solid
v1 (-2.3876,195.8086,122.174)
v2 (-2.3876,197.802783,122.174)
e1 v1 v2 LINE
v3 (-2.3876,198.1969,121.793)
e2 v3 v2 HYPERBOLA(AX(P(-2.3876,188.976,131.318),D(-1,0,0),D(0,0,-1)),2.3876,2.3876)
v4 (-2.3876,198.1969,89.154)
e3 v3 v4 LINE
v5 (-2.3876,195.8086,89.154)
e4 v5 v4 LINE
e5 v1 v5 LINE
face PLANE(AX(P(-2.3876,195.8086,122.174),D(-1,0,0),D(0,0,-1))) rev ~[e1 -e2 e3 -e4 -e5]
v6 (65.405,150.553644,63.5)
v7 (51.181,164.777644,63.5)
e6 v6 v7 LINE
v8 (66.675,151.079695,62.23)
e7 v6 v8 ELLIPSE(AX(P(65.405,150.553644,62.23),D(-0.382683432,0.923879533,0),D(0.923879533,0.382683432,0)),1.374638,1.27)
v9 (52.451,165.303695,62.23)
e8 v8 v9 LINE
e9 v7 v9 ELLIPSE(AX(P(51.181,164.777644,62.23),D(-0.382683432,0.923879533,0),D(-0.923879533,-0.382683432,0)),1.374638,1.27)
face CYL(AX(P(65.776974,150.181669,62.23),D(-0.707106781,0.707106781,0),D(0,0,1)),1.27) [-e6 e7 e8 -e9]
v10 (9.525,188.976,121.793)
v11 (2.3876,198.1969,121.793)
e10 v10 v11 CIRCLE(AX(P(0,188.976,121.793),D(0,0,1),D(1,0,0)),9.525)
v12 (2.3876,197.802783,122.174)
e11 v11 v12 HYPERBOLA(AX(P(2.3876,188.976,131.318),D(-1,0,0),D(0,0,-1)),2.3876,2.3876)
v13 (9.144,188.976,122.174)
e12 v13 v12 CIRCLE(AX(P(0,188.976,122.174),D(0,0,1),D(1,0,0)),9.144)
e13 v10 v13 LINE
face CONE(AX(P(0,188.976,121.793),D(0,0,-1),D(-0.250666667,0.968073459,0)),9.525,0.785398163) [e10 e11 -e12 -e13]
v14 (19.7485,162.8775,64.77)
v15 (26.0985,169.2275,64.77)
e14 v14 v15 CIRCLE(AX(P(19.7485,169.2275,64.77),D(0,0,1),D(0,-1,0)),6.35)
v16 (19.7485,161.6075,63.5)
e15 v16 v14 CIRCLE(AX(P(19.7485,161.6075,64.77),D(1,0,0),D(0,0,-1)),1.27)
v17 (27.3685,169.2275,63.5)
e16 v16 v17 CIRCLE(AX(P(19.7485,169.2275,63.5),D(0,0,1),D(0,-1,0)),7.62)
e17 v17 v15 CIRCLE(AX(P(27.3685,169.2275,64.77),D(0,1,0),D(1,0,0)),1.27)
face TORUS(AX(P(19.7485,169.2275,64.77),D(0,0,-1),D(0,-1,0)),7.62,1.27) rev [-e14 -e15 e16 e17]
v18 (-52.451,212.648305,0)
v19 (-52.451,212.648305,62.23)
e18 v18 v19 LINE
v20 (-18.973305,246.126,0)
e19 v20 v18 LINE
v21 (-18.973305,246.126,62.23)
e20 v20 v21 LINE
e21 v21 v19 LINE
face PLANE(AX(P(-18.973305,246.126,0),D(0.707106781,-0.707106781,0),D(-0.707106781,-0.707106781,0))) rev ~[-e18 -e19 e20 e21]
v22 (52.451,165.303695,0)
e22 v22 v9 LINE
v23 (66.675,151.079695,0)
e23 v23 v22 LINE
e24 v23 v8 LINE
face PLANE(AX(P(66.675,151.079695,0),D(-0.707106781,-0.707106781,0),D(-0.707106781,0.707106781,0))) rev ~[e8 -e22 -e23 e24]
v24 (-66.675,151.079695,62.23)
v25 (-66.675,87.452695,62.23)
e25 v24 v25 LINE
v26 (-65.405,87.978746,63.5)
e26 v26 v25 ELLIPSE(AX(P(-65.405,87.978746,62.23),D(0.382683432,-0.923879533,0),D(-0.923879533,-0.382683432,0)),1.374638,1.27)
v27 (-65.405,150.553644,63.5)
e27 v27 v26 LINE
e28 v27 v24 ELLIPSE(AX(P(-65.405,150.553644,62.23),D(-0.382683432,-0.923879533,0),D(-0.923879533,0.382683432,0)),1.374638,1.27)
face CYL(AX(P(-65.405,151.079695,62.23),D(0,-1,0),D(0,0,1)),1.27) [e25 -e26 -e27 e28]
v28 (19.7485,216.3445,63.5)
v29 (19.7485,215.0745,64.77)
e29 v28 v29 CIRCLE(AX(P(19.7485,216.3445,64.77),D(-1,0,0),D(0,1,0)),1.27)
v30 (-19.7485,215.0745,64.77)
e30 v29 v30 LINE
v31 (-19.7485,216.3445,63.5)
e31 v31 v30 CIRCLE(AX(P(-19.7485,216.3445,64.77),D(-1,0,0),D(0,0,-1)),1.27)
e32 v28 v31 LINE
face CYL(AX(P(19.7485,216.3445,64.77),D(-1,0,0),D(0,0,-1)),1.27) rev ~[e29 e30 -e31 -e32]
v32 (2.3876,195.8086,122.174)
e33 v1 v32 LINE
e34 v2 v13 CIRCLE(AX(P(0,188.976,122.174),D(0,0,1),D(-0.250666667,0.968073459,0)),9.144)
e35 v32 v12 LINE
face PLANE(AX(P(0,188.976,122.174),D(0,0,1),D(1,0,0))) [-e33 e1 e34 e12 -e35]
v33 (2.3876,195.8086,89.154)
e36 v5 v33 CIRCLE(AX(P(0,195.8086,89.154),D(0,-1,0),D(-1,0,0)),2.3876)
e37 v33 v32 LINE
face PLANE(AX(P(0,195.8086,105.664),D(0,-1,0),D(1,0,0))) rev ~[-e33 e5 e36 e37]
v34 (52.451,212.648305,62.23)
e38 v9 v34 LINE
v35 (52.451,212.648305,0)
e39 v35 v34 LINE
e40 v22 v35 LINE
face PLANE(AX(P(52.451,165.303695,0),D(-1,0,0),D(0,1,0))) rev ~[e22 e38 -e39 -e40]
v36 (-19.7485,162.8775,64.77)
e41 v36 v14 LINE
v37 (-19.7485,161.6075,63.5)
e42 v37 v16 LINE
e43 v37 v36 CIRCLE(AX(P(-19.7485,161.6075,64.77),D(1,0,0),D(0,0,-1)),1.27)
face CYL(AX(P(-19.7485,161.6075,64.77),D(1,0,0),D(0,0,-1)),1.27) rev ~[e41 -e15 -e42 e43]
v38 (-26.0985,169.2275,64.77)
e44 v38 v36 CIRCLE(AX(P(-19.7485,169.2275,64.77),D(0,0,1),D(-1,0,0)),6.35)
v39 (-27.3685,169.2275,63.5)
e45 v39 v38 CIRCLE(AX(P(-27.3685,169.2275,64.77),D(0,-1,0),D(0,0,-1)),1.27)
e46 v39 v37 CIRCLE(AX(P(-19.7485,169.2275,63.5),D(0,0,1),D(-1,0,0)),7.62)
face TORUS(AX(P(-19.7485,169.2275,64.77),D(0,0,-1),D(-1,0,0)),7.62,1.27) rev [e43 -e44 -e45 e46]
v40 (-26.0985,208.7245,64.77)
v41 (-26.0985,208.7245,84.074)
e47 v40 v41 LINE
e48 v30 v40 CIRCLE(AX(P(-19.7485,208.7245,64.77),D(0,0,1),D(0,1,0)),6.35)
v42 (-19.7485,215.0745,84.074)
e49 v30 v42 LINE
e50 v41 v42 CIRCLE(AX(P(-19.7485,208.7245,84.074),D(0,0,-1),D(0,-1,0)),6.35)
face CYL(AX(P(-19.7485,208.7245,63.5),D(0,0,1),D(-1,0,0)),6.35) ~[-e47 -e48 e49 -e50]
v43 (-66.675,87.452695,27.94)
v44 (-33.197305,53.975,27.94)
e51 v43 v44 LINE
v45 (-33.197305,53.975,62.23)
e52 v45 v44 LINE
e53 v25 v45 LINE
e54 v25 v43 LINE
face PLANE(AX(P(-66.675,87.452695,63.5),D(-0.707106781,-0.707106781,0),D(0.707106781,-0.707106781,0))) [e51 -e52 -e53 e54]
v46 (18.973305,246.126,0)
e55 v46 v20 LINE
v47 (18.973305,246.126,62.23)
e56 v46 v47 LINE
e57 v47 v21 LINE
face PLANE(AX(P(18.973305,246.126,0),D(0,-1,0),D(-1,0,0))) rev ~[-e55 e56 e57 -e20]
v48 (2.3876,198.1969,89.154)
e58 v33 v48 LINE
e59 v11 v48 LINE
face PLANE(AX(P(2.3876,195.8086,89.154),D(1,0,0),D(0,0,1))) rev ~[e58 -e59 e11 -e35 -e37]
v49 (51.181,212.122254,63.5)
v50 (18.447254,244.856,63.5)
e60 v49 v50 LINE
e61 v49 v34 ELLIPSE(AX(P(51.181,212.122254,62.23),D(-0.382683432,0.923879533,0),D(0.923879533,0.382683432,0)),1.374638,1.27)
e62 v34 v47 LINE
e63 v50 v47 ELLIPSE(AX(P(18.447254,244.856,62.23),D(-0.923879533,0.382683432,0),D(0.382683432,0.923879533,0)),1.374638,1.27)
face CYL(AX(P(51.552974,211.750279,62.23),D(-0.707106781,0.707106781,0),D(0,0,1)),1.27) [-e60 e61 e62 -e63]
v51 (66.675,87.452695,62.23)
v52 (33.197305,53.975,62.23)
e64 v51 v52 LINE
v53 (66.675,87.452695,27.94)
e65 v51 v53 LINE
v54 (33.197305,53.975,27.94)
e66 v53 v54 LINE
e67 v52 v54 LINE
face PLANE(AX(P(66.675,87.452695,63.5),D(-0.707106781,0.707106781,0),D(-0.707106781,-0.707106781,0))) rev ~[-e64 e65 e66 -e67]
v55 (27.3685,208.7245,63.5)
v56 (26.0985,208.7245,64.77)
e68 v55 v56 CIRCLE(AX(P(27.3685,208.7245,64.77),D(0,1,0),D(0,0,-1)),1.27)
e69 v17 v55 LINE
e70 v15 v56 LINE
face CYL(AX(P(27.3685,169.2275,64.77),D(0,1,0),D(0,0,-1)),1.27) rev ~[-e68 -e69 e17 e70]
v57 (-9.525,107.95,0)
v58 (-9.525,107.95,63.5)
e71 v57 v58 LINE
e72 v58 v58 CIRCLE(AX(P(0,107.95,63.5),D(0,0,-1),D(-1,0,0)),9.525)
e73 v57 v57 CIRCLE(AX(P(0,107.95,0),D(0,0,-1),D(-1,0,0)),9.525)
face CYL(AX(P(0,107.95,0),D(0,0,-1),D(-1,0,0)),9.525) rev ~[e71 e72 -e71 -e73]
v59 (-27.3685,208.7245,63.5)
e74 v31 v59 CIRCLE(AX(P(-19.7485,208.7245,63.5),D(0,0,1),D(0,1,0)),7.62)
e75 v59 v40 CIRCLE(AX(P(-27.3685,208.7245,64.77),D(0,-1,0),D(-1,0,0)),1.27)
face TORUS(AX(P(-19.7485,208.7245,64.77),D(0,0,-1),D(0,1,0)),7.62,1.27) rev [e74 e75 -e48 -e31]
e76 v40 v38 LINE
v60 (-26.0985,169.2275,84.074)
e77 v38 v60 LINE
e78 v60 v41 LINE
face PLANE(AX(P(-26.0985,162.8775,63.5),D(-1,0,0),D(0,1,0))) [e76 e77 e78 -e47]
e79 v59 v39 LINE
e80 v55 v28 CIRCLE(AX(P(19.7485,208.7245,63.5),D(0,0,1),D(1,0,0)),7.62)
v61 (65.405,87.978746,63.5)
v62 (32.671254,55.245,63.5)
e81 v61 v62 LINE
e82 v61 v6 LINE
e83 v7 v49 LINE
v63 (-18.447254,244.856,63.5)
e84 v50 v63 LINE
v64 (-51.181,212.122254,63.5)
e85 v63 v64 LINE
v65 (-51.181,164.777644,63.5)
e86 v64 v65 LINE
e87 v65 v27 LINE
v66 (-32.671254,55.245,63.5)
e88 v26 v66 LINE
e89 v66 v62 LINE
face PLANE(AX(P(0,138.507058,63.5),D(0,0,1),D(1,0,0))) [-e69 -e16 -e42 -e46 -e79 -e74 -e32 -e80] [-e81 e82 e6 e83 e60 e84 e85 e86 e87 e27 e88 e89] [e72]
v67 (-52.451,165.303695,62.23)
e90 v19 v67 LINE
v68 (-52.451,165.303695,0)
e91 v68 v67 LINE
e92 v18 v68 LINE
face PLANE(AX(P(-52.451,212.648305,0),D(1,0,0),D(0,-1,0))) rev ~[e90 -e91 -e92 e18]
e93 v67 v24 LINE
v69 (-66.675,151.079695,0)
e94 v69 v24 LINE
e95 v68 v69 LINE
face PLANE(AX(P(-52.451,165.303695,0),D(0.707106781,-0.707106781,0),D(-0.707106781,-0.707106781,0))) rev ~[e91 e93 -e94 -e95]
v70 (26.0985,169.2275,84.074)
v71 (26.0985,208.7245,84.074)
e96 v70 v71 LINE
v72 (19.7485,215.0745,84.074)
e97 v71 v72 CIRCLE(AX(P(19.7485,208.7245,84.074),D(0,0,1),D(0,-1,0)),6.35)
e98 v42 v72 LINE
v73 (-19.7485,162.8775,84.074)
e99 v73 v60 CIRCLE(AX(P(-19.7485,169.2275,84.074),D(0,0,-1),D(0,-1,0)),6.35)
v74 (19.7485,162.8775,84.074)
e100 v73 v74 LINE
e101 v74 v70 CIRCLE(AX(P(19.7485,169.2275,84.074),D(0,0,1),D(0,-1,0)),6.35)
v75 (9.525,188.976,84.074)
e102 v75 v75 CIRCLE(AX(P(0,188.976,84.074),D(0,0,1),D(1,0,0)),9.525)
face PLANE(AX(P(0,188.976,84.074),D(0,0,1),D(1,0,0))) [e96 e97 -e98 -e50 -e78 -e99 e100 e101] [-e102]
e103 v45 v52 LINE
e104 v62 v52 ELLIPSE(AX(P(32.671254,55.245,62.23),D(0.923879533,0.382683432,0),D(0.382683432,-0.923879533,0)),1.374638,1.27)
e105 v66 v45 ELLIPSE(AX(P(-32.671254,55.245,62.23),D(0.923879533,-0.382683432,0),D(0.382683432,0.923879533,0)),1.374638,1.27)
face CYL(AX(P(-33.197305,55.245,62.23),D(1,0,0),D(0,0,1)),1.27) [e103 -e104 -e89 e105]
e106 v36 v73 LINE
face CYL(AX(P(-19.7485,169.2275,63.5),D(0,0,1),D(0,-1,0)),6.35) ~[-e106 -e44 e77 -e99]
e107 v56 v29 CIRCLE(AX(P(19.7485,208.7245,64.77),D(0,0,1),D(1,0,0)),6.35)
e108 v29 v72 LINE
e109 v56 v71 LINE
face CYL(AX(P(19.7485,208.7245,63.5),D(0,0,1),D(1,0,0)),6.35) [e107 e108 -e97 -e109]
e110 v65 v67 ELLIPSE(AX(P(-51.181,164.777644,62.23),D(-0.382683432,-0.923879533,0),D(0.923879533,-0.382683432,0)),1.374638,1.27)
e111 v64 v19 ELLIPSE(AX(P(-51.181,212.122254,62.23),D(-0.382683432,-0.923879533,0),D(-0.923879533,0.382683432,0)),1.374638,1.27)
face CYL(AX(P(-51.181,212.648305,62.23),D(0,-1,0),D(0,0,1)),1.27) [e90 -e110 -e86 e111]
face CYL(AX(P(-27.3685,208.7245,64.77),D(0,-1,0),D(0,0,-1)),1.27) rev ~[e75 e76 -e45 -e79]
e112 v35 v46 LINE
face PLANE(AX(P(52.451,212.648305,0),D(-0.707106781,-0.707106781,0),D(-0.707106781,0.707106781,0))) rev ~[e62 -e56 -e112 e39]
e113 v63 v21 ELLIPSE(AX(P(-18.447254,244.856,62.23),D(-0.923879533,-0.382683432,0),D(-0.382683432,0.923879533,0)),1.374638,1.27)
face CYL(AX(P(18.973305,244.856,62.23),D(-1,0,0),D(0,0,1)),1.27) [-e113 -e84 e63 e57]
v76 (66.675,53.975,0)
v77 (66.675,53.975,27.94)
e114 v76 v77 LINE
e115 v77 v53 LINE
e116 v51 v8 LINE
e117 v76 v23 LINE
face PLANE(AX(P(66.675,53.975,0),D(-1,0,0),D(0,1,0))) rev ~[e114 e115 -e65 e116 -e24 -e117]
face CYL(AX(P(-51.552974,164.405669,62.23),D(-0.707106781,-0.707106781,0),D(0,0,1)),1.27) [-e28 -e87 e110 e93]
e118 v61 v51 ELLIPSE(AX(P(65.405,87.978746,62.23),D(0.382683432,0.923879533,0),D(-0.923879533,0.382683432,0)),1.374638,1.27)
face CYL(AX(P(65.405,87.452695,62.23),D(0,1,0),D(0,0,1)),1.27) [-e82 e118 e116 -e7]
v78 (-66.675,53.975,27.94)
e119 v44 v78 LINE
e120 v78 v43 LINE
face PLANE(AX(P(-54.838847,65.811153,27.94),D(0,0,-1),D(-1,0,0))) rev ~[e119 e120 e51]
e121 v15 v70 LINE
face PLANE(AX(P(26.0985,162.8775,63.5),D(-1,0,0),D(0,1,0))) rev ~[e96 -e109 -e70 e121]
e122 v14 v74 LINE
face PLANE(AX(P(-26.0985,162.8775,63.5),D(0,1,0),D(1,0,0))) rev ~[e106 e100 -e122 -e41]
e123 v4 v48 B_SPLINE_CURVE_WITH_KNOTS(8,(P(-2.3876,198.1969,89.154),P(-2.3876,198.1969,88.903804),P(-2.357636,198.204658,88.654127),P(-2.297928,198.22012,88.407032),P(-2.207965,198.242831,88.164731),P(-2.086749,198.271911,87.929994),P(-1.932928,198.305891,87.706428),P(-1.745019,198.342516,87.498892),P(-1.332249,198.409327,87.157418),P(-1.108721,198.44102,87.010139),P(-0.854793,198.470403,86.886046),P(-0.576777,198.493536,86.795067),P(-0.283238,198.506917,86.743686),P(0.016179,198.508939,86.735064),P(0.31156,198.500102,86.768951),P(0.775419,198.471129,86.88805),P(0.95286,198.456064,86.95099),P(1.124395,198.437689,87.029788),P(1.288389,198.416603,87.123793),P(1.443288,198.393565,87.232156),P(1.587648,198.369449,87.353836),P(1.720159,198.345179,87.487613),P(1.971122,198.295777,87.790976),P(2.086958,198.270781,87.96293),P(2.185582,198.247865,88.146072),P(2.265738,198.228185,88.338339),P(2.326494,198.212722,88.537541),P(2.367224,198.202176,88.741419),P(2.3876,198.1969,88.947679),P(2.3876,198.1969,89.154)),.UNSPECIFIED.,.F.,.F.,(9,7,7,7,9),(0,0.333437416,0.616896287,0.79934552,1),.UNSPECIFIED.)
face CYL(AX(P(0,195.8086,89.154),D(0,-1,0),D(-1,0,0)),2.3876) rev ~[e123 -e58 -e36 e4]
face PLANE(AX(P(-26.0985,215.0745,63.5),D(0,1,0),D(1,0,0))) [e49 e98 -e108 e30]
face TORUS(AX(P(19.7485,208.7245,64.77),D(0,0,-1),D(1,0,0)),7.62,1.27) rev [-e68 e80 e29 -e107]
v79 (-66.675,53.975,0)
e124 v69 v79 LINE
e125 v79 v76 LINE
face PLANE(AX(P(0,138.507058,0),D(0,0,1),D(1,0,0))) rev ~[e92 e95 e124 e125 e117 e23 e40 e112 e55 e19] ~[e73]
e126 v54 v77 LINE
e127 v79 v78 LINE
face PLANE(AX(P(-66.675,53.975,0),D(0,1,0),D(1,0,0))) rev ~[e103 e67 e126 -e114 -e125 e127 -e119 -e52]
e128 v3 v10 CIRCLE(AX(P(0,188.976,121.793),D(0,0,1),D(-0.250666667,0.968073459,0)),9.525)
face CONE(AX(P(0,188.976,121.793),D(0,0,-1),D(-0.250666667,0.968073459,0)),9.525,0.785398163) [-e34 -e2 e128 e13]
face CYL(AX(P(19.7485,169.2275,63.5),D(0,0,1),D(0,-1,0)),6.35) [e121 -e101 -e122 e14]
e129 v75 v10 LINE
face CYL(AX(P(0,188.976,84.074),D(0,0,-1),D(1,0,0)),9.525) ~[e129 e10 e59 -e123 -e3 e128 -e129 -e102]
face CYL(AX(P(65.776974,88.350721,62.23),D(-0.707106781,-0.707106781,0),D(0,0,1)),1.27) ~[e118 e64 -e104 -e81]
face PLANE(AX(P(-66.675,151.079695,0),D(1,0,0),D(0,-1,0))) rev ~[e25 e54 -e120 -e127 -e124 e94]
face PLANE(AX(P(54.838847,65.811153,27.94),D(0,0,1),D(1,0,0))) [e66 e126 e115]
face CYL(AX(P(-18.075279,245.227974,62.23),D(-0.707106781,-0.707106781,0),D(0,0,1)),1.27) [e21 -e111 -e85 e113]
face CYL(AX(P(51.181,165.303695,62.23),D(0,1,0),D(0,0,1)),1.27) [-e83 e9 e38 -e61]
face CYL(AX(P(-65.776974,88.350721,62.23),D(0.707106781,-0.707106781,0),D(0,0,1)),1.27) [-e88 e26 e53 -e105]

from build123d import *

# Parameters (mm, degrees)
BOSS_EXTRUDE1_DEPTH = 63.5
SKETCH3_W           = 52.197
SKETCH3_H           = 52.197
BOSS_EXTRUDE2_DEPTH = 20.574
SKETCH_D_R          = 9.525
BOSS_EXTRUDE3_DEPTH = 38.1
CUT_EXTRUDE1_DEPTH  = 35.56
FILLET1_R           = 6.35
FILLET2_R           = 1.27
KEYWAY_START        = 6.8326
KEYWAY_DEPTH        = 51.3174
CHAMFER1_SIZE       = 0.381
SKETCH7_R           = 9.525
CUT_EXTRUDE3_DEPTH  = 123.174


with BuildPart() as part:
    # L,M → Boss-Extrude1 (new body)
    with BuildSketch(Plane.XY):
        Polygon((-66.675, 53.975), (66.675, 53.975), (66.675, 151.07969491), (52.451, 165.30369491), (52.451, 212.64830509), (18.97330509, 246.126), (-18.97330509, 246.126), (-52.451, 212.64830509), (-52.451, 165.30369491), (-66.675, 151.07969491), align=None)
    extrude(amount=BOSS_EXTRUDE1_DEPTH)

    # Sketch3 → Boss-Extrude2 (add)
    with BuildSketch(Plane.XY.offset(63.5)):
        with Locations((0, 188.976)):
            Rectangle(SKETCH3_W, SKETCH3_H)
    extrude(amount=BOSS_EXTRUDE2_DEPTH)

    # D → Boss-Extrude3 (add)
    with BuildSketch(Plane.XY.offset(84.074)):
        with Locations((0, 188.976)):
            Circle(SKETCH_D_R)
    extrude(amount=BOSS_EXTRUDE3_DEPTH)

    # Sketch5 → Cut-Extrude1 (cut)
    with BuildSketch(Plane.XY.offset(63.5)):
        Polygon((66.675, 87.45269491), (33.19730509, 53.975), (66.675, 53.975), align=None)
        Polygon((-66.675, 53.975), (-66.675, 87.45269491), (-33.19730509, 53.975), align=None)
    extrude(amount=-CUT_EXTRUDE1_DEPTH, mode=Mode.SUBTRACT)

    # Fillet1
    fillet1_edges = [part.edges().sort_by_distance(p)[0] for p in [
        (-26.0985, 215.0745, 73.787),
        (-26.0985, 162.8775, 73.787),
        (26.0985, 162.8775, 73.787),
        (26.0985, 215.0745, 73.787),
    ]]
    fillet(fillet1_edges, radius=FILLET1_R)

    # Fillet2
    fillet2_edges = [part.edges().sort_by_distance(p)[0] for p in [
        (66.675, 119.26619491, 63.5),
        (49.936152545, 70.713847455, 63.5),
        (59.563, 158.19169491, 63.5),
        (52.451, 188.976, 63.5),
        (35.712152545, 229.387152545, 63.5),
        (0, 53.975, 63.5),
        (0, 246.126, 63.5),
        (-35.712152545, 229.387152545, 63.5),
        (-52.451, 188.976, 63.5),
        (-59.563, 158.19169491, 63.5),
        (-66.675, 119.26619491, 63.5),
        (-49.936152545, 70.713847455, 63.5),
        (0, 162.8775, 63.5),
        (-26.0985, 188.976, 63.5),
        (26.0985, 188.976, 63.5),
        (0, 215.0745, 63.5),
        (-24.238628061, 164.737371939, 63.5),
        (24.238628061, 164.737371939, 63.5),
        (-24.238628061, 213.214628061, 63.5),
        (24.238628061, 213.214628061, 63.5),
    ]]
    fillet(fillet2_edges, radius=FILLET2_R)

    # Sketch6 → Keyway (cut, through all)
    with BuildSketch(Plane(origin=(0, 188.976, 0), x_dir=(-1, 0, 0), z_dir=(0, 1, 0)).offset(KEYWAY_START)):
        with BuildLine():
            Line((2.3876, 122.174), (2.3876, 89.154))
            ThreePointArc((2.3876, 89.154), (0, 86.7664), (-2.3876, 89.154))
            Line((-2.3876, 89.154), (-2.3876, 122.174))
            ThreePointArc((-2.3876, 122.174), (0, 124.5616), (2.3876, 122.174))
        make_face()
    extrude(amount=KEYWAY_DEPTH, mode=Mode.SUBTRACT)

    # Chamfer1
    chamfer1_edges = [part.edges().sort_by_distance(p)[0] for p in [
        (-5.830254497, 181.443818543, 122.174),
    ]]
    chamfer(chamfer1_edges, length=CHAMFER1_SIZE)

    # Sketch7 → Cut-Extrude3 (cut, through all)
    with BuildSketch(Plane(origin=(0, 0, 0), x_dir=(-1, 0, 0), z_dir=(0, 0, -1))):
        with Locations((0, 107.95)):
            Circle(SKETCH7_R)
    extrude(amount=-CUT_EXTRUDE3_DEPTH, mode=Mode.SUBTRACT)


solid = part.part
